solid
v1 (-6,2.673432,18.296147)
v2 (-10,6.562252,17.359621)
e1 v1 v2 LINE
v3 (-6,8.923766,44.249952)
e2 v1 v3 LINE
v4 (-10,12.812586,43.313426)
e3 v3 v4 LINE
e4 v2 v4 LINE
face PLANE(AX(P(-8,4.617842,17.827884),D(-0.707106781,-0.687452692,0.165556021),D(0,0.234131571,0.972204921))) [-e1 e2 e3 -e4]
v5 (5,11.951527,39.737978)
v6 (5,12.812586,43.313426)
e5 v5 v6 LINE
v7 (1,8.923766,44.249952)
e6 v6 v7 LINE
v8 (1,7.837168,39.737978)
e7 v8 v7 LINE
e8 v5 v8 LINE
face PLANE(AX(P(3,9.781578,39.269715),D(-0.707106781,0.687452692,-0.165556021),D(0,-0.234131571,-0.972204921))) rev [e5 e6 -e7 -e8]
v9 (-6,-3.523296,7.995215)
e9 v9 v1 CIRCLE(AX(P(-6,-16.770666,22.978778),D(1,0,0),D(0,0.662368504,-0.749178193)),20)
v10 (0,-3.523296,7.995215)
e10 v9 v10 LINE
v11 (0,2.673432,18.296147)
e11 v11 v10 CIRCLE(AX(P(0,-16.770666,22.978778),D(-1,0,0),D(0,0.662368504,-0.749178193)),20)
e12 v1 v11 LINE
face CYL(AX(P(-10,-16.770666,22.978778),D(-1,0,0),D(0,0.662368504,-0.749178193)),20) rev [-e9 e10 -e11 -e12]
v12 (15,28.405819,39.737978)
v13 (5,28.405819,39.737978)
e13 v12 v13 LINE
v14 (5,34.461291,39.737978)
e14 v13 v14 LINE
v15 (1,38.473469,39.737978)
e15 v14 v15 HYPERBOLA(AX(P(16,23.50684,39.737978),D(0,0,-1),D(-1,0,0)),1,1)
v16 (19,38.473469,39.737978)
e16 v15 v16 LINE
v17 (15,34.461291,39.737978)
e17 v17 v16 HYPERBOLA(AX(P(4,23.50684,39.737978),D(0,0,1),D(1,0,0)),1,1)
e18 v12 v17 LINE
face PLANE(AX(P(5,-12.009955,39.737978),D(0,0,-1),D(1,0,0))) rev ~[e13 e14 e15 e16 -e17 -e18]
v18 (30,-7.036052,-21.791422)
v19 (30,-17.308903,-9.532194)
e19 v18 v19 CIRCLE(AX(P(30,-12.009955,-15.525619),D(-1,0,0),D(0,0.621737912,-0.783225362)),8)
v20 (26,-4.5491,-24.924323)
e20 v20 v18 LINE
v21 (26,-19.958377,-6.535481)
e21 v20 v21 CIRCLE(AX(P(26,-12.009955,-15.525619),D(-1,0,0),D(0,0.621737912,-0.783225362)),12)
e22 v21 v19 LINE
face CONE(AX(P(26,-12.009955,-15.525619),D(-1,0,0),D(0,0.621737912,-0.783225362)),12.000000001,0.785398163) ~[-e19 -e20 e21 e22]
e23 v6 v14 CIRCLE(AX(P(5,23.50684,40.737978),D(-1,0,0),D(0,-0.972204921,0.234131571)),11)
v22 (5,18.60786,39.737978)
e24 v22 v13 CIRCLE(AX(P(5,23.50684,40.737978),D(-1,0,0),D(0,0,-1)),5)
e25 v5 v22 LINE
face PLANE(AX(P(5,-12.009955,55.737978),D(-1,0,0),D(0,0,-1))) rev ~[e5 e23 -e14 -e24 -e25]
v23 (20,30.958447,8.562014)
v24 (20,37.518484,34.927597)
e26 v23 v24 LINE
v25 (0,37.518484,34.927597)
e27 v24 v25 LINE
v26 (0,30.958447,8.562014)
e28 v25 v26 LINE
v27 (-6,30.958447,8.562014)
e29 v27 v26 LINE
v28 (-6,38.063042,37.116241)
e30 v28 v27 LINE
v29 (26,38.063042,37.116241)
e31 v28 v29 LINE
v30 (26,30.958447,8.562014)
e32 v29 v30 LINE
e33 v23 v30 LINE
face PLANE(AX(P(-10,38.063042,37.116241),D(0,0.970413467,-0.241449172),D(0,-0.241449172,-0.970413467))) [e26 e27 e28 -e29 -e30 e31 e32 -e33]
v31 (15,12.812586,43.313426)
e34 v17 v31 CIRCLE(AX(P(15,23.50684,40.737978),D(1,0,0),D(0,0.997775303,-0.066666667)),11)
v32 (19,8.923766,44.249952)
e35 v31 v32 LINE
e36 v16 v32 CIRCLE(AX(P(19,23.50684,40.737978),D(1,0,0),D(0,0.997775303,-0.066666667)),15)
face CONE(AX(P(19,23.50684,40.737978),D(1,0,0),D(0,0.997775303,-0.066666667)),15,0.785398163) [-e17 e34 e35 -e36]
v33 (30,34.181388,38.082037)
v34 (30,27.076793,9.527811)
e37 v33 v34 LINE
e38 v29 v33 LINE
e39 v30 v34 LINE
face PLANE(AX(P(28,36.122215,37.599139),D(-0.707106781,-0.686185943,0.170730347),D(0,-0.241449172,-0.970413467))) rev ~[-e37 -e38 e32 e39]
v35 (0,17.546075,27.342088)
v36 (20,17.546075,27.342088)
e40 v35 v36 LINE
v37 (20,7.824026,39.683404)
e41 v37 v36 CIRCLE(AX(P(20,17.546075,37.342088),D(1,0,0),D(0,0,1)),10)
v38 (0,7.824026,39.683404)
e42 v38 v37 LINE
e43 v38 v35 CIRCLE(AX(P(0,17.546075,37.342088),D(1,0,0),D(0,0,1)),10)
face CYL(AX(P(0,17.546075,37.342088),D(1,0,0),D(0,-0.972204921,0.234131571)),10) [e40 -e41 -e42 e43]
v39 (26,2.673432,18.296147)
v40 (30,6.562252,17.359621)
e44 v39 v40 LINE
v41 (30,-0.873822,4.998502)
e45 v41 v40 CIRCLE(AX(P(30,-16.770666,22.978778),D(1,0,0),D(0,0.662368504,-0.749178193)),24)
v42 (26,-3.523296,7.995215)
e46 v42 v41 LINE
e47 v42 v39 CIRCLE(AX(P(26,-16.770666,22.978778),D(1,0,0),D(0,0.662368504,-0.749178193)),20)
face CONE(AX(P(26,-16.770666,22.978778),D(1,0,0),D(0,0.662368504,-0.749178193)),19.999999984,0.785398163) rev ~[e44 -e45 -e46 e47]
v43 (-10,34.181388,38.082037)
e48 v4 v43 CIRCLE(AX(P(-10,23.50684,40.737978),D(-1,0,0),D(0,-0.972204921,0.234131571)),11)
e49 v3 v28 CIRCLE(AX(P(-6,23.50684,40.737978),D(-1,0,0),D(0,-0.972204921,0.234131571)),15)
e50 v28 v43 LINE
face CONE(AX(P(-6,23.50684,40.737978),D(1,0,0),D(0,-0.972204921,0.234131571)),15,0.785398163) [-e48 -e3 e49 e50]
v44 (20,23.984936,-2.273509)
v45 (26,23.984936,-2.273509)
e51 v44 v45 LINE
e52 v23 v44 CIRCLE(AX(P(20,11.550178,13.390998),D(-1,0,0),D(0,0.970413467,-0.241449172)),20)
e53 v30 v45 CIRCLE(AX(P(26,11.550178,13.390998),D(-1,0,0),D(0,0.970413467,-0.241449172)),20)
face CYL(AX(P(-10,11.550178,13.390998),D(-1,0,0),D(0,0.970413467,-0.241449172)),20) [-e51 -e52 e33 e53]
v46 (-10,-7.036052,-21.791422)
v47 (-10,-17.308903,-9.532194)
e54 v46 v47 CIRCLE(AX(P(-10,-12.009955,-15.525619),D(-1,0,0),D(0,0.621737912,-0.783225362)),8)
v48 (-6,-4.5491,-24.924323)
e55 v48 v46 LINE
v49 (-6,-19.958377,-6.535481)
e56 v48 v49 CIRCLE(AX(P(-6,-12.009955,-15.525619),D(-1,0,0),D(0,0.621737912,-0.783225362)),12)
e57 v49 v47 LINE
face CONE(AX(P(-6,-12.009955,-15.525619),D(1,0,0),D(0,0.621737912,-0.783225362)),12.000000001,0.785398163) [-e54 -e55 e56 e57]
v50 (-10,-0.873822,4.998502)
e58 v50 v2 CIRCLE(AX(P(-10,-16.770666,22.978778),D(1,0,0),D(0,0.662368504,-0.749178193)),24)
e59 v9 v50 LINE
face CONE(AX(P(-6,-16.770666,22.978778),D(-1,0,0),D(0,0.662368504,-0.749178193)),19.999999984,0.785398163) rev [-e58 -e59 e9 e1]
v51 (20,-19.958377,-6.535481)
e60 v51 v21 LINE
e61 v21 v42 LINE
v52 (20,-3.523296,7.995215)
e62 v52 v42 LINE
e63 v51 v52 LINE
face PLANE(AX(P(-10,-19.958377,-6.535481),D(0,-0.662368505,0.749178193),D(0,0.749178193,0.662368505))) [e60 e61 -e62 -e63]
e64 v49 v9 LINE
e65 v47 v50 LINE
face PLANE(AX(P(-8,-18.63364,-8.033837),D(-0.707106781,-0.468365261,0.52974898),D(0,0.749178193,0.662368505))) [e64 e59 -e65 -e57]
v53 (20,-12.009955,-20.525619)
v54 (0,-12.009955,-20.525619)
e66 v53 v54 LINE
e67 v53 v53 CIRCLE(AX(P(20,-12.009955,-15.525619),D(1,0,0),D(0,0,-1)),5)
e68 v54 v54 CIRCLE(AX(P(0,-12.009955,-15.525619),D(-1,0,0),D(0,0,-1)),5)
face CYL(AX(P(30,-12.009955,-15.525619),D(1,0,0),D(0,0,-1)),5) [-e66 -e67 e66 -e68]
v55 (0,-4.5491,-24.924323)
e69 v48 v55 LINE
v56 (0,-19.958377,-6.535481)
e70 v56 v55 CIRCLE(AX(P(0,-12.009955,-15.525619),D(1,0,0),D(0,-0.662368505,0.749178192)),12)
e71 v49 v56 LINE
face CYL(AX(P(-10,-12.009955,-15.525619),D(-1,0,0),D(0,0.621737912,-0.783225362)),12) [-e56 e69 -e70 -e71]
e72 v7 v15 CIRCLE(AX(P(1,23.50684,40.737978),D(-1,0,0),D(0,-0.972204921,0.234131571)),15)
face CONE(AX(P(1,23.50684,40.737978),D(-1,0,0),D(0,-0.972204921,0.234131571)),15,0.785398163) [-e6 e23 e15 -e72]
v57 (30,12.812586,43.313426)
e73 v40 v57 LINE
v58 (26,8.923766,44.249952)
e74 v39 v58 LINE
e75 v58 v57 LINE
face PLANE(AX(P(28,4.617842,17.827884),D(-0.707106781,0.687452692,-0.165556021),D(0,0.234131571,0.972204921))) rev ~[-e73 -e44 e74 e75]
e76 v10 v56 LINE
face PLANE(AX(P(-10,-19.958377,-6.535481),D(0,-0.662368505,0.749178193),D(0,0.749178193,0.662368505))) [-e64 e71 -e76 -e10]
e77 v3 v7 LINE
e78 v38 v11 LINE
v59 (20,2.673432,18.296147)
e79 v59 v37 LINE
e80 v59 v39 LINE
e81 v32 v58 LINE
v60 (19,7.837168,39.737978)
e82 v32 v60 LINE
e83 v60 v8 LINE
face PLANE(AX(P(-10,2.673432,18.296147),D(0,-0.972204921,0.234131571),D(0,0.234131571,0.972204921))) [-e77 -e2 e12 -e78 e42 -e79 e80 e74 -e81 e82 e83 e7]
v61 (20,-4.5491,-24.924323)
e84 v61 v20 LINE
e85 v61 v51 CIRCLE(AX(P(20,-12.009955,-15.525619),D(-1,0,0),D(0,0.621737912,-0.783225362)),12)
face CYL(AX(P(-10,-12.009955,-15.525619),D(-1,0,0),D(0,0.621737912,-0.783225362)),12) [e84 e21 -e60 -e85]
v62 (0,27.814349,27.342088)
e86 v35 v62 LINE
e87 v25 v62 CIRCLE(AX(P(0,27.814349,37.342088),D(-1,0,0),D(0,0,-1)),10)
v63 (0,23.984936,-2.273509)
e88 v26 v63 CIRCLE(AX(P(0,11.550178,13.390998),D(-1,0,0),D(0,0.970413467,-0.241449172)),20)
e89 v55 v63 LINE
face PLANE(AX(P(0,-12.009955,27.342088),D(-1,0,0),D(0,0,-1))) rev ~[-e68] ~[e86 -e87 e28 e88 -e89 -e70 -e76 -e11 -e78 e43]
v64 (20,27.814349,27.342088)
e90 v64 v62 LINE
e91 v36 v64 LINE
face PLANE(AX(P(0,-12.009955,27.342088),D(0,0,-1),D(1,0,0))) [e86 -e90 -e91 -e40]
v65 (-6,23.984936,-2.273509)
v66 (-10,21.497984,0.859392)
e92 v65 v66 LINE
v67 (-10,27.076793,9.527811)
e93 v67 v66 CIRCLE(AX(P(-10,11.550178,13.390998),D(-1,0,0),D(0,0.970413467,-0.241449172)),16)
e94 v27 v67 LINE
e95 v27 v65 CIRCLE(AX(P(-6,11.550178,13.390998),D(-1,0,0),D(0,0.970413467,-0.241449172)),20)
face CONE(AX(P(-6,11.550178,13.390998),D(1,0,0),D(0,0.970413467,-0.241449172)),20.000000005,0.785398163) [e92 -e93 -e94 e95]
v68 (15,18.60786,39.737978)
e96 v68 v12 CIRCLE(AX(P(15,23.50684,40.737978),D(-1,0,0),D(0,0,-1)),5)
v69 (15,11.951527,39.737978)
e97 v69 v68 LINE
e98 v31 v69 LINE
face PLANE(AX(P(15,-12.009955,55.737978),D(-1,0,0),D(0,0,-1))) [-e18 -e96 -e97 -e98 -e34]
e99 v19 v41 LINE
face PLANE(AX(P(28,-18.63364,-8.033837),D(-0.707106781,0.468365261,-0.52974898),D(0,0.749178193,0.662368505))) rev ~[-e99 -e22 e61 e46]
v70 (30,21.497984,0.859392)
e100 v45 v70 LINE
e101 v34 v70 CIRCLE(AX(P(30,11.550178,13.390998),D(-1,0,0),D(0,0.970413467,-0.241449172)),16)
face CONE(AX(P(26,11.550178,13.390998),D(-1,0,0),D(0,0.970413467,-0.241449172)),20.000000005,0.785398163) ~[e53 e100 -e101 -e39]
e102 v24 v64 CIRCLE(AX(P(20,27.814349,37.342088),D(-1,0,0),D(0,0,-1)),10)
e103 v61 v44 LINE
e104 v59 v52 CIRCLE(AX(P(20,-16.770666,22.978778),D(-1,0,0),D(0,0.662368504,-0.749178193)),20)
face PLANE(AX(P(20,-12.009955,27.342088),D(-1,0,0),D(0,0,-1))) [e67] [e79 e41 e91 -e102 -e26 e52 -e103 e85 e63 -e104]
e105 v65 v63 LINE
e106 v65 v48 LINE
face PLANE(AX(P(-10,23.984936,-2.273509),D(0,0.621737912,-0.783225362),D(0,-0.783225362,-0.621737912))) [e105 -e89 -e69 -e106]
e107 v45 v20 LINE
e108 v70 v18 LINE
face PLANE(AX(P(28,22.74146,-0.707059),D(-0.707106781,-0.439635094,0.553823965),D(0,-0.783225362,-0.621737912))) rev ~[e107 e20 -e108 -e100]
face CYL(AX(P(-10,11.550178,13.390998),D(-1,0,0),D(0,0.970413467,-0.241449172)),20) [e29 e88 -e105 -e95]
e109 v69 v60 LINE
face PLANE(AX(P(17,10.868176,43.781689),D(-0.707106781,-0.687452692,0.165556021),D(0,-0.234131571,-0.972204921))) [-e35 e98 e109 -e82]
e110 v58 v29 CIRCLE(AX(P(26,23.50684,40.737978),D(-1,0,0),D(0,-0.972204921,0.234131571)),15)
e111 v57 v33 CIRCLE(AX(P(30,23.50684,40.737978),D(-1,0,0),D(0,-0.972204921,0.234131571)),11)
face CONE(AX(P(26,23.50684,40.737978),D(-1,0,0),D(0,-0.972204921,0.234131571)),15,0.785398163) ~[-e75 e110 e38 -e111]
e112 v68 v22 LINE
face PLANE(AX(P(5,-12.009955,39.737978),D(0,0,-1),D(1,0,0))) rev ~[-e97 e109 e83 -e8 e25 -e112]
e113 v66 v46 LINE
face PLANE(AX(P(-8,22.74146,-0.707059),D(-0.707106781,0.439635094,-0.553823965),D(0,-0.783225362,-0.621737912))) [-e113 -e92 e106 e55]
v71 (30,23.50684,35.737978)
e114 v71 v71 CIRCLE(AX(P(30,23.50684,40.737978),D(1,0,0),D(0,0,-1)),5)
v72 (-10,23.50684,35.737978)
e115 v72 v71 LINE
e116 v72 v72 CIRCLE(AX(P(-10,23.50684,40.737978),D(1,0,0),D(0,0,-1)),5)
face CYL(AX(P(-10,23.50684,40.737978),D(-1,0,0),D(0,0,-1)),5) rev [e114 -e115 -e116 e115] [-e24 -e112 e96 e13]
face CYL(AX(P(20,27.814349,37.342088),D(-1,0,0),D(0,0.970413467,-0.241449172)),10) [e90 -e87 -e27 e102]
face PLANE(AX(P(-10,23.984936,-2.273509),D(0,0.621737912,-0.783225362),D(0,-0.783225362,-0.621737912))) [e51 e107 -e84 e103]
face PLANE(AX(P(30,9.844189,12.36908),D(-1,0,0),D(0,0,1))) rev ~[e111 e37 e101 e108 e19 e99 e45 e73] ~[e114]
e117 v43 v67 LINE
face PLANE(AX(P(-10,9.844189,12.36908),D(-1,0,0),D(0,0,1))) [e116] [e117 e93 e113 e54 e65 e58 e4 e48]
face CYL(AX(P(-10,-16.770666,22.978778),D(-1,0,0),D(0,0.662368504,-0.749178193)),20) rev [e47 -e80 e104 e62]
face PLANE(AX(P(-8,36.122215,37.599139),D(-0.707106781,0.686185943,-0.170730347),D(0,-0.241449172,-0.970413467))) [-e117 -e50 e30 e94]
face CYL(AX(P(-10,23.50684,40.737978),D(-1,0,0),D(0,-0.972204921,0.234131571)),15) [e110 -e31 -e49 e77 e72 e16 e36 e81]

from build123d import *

# Parameters (mm, degrees)
SKETCH1_R               = 2.5
BOSS_EXTRUDE1_DEPTH     = 20
SKETCH2_W               = 10
SKETCH2_H               = 31.25301739
CUT_EXTRUDE1_DEPTH      = 26.258397403
CUT_EXTRUDE1_DEPTH_BACK = 7
FILLET1_R               = 5
CHAMFER1_SIZE           = 2
SKETCH4_R               = 2.5
BOSS_EXTRUDE2_DEPTH     = 20
SKETCH5_W               = 5
SKETCH5_H               = 8
CUT_EXTRUDE2_DEPTH      = 26.258397403
CUT_EXTRUDE2_DEPTH_BACK = 7
CHAMFER2_SIZE           = 2
SCALE1_SCALE            = 2


with BuildPart() as part:
    # Sketch1 → Boss-Extrude1 (new body)
    with BuildSketch(Plane(origin=(0, 0, 0), x_dir=(0, 0, -1), z_dir=(1, 0, 0))):
        with BuildLine():
            Line((-26.320929868, 25.036498407), (-12.043816775, 21.484201108))
            ThreePointArc((-12.043816775, 21.484201108), (-9.046440649, 20.189090541), (-6.626054873, 17.99744556))
            Line((-6.626054873, 17.99744556), (4.699352175, 3.730427474))
            ThreePointArc((4.699352175, 3.730427474), (3.853673118, -4.598826318), (-4.495069155, -3.974211028))
            Line((-4.495069155, -3.974211028), (-11.760416857, 4.243329543))
            ThreePointArc((-11.760416857, 4.243329543), (-14.097354711, 6.188634088), (-16.910883072, 7.341693702))
            Line((-16.910883072, 7.341693702), (-29.887785442, 10.466860499))
            ThreePointArc((-29.887785442, 10.466860499), (-35.416669297, 19.541837843), (-26.320929868, 25.036498407))
        make_face()
        Circle(SKETCH1_R, mode=Mode.SUBTRACT)
        with Locations((-28.13179866, 17.758397403)):
            Circle(SKETCH1_R, mode=Mode.SUBTRACT)
    extrude(amount=BOSS_EXTRUDE1_DEPTH)

    # Sketch2 → Cut-Extrude1 (cut, two sides)
    with BuildSketch(Plane(origin=(0, 0, 0), x_dir=(1, 0, 0), z_dir=(0, 1, 0))) as cut_extrude1_sk:
        with Locations((10, -5.807345092)):
            Rectangle(SKETCH2_W, SKETCH2_H)
    extrude(amount=CUT_EXTRUDE1_DEPTH, mode=Mode.SUBTRACT)
    extrude(cut_extrude1_sk.sketch, amount=-CUT_EXTRUDE1_DEPTH_BACK, mode=Mode.SUBTRACT)

    # Fillet1
    fillet1_edges = [part.edges().sort_by_distance(p)[0] for p in [
        (10, 23.820541998, 21.433853787),
        (10, 8.430939618, 21.433853787),
    ]]
    fillet(fillet1_edges, radius=FILLET1_R)

    # Chamfer1
    chamfer1_edges = [part.edges().sort_by_distance(p)[0] for p in [
        (20, 6.188634088, 14.097354711),
        (0, 8.904277101, 23.399334257),
        (0, 19.541837843, 35.416669297),
        (20, 0.134559258, 8.127743006),
        (20, -4.598826318, -3.853673118),
        (20, 10.863936517, 0.963351349),
        (20, 20.189090541, 9.046440649),
        (20, 23.260349758, 19.182373322),
        (20, 19.541837843, 35.416669297),
        (20, 8.904277101, 23.399334257),
        (0, 23.260349758, 19.182373322),
        (0, 20.189090541, 9.046440649),
        (0, 10.863936517, 0.963351349),
        (0, -4.598826318, -3.853673118),
        (0, 0.134559258, 8.127743006),
        (0, 6.188634088, 14.097354711),
    ]]
    chamfer(chamfer1_edges, length=CHAMFER1_SIZE)

    # Sketch4 → Boss-Extrude2 (add)
    with BuildSketch(Plane(origin=(20, 0, 0), x_dir=(0, 0, -1), z_dir=(1, 0, 0))):
        Circle(SKETCH4_R)
    extrude(amount=-BOSS_EXTRUDE2_DEPTH)

    # Sketch5 → Cut-Extrude2 (cut, two sides)
    with BuildSketch(Plane(origin=(0, 0, 0), x_dir=(1, 0, 0), z_dir=(0, 1, 0))) as cut_extrude2_sk:
        with Locations((10, -31.63179866)):
            Rectangle(SKETCH5_W, SKETCH5_H)
    extrude(amount=CUT_EXTRUDE2_DEPTH, mode=Mode.SUBTRACT)
    extrude(cut_extrude2_sk.sketch, amount=-CUT_EXTRUDE2_DEPTH_BACK, mode=Mode.SUBTRACT)

    # Chamfer2
    chamfer2_edges = [part.edges().sort_by_distance(p)[0] for p in [
        (7.5, 18.890459141, 35.545868812),
        (7.5, 10.195211119, 28.759792051),
        (12.5, 18.890459141, 35.545868812),
        (12.5, 10.195211119, 28.759792051),
    ]]
    chamfer(chamfer2_edges, length=CHAMFER2_SIZE)


with BuildPart() as part_1:
    # Scale1: scaled about (10, 12.009955127, 15.525619082)
    add(part.part.scale(SCALE1_SCALE).moved(Location((-10, -12.009955127, -15.525619082))))


solid = part_1.part
